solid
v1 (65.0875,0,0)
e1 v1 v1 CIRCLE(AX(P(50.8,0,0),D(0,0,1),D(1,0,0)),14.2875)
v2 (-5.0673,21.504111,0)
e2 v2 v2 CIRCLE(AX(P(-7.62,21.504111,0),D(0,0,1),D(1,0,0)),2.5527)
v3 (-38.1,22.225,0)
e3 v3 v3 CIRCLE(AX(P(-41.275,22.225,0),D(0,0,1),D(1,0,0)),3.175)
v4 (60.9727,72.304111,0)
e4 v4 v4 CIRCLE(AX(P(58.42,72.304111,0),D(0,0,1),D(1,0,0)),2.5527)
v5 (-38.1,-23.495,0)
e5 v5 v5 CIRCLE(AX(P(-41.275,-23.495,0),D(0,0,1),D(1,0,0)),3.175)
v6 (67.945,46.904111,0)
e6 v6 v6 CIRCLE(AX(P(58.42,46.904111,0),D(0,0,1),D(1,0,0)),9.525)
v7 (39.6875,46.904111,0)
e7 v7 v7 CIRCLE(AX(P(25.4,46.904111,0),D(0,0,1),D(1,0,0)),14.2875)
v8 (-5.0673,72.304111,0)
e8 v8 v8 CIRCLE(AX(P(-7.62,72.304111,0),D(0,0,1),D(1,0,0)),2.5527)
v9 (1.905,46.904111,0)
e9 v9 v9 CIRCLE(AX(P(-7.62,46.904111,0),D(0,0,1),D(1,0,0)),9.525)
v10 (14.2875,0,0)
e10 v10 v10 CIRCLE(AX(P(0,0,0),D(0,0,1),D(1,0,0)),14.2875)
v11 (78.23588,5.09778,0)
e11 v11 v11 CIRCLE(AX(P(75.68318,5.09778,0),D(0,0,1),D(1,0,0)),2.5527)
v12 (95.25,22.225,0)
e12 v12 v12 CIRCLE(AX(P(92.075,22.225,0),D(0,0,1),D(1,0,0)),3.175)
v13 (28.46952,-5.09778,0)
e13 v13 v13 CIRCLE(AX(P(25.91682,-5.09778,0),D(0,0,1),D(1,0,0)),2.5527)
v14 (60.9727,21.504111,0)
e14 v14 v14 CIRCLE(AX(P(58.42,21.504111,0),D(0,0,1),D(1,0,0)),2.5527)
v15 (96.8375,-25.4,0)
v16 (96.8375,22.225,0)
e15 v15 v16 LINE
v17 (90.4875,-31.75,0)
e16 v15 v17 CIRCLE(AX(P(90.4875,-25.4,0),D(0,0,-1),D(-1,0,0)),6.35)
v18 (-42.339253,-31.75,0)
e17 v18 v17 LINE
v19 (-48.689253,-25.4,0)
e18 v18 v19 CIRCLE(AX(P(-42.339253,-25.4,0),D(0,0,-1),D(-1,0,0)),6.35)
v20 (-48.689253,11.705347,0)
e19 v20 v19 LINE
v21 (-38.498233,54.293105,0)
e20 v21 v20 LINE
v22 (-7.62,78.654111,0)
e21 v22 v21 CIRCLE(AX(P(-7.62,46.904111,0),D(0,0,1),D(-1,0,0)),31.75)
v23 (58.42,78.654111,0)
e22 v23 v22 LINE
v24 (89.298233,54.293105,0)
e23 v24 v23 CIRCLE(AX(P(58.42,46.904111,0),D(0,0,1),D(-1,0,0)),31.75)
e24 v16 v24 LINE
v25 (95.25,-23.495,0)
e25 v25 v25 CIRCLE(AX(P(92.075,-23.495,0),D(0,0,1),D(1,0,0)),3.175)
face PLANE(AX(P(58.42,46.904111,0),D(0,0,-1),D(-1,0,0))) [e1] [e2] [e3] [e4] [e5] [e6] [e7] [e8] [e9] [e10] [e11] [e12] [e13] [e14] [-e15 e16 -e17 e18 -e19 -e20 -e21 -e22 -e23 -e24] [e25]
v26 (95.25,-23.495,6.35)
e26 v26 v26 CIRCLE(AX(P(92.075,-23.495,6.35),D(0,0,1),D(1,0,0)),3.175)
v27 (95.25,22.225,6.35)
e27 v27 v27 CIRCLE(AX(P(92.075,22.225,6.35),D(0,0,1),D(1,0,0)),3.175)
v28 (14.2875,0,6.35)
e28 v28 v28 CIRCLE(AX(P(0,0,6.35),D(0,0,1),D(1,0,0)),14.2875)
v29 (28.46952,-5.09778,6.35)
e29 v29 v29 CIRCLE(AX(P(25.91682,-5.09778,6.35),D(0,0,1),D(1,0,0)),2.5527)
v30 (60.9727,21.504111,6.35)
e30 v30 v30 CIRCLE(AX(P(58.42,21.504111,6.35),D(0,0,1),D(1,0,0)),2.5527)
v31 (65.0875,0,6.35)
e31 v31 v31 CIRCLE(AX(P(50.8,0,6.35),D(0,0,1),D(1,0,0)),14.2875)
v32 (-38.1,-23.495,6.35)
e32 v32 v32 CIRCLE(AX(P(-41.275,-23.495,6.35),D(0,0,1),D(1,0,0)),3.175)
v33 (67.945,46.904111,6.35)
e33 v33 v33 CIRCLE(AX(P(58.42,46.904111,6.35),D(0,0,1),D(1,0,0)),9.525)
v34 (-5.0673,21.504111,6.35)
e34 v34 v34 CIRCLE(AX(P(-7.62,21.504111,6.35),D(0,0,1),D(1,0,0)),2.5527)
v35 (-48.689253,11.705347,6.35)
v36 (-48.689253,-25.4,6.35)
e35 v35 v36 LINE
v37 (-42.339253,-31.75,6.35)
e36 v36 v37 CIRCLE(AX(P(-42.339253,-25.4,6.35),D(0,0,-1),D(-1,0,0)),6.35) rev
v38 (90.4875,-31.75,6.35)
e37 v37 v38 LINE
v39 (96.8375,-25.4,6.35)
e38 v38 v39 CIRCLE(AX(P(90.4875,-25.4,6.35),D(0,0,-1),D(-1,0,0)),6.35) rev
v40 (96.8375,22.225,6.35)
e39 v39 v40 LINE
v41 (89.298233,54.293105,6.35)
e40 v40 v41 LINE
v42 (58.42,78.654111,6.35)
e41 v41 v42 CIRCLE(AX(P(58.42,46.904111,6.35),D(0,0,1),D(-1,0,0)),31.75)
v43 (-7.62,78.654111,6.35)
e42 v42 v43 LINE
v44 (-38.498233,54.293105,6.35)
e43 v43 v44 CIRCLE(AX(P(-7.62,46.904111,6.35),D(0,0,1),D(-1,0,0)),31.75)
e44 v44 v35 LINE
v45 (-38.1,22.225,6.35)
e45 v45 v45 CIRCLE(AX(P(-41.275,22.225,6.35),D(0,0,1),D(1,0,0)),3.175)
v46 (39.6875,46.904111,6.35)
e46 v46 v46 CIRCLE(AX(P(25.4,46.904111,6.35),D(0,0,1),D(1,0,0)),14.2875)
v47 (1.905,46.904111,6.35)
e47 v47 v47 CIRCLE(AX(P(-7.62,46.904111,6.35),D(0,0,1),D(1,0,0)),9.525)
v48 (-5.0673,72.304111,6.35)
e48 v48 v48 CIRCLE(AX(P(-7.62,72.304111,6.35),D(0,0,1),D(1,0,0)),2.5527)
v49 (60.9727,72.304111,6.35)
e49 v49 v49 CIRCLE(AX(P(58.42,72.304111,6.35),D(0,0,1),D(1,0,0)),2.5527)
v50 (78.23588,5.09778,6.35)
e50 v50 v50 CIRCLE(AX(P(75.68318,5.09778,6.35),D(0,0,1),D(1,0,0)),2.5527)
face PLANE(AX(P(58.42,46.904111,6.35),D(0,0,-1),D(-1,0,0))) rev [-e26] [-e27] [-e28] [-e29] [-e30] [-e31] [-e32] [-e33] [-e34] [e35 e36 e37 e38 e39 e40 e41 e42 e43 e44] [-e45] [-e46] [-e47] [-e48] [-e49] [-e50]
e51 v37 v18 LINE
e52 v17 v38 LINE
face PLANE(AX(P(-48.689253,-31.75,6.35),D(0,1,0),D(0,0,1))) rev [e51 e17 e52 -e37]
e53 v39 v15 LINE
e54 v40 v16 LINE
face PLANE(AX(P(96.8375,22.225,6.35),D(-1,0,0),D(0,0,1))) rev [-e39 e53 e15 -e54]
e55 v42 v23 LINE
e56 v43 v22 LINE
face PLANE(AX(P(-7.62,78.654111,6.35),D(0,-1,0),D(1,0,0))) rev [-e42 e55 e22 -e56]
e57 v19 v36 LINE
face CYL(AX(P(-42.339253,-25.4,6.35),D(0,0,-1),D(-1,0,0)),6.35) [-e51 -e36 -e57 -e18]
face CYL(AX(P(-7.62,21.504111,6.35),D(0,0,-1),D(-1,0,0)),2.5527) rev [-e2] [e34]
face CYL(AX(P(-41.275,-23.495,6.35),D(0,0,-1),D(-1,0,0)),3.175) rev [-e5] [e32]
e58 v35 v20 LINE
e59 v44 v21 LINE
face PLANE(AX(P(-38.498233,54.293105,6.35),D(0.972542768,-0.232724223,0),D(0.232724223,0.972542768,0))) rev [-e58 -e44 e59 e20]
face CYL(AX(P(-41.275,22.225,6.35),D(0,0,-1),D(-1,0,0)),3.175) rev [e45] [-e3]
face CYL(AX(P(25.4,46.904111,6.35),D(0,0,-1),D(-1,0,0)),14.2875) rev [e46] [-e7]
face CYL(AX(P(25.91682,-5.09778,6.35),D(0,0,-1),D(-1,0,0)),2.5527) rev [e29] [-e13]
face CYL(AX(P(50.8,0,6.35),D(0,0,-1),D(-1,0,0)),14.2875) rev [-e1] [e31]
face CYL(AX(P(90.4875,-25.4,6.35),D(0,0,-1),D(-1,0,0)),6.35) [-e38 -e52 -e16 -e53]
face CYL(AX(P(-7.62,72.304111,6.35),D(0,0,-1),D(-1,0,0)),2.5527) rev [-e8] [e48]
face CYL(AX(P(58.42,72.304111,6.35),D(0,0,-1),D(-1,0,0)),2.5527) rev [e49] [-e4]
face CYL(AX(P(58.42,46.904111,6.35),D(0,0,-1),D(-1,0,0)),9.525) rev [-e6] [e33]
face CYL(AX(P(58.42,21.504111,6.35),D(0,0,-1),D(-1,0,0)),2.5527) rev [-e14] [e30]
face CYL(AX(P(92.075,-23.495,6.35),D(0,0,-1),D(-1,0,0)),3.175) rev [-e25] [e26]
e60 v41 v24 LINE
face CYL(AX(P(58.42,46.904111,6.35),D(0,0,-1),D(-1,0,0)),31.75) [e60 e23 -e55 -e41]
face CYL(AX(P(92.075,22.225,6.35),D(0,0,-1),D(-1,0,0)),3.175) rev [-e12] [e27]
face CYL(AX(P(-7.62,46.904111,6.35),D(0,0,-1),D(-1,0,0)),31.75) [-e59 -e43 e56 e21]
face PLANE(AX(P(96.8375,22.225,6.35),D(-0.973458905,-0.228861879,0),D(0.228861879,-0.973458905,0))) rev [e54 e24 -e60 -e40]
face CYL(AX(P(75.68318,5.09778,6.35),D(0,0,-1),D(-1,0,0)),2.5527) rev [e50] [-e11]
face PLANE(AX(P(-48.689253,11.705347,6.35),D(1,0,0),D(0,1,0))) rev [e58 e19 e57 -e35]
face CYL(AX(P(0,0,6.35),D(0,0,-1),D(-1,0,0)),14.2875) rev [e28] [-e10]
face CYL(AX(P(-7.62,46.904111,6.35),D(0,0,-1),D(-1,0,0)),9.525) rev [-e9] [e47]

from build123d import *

# Parameters (mm, degrees)
SKETCH1_R           = 14.2875
SKETCH1_R_2         = 2.5527
SKETCH1_R_3         = 9.525
SKETCH1_R_4         = 3.175
BOSS_EXTRUDE2_DEPTH = 6.35
FILLET1_R           = 6.35


with BuildPart() as part:
    # Sketch1 → Boss-Extrude2 (new body)
    with BuildSketch(Plane.XY):
        with BuildLine():
            Line((-48.689252979, -31.75), (96.8375, -31.75))
            Line((96.8375, -31.75), (96.8375, 22.225))
            Line((96.8375, 22.225), (89.29823289, 54.293104778))
            ThreePointArc((89.29823289, 54.293104778), (78.085476575, 71.830633337), (58.42, 78.654110694))
            Line((58.42, 78.654110694), (-7.62, 78.654110694))
            ThreePointArc((-7.62, 78.654110694), (-27.285476575, 71.830633337), (-38.49823289, 54.293104778))
            Line((-38.49823289, 54.293104778), (-48.689252979, 11.70534681))
            Line((-48.689252979, 11.70534681), (-48.689252979, -31.75))
        make_face()
        Circle(SKETCH1_R, mode=Mode.SUBTRACT)
        with Locations((50.8, 0)):
            Circle(SKETCH1_R, mode=Mode.SUBTRACT)
        with Locations((25.4, 46.904110694)):
            Circle(SKETCH1_R, mode=Mode.SUBTRACT)
        with Locations((-7.62, 72.304110694)):
            Circle(SKETCH1_R_2, mode=Mode.SUBTRACT)
        with Locations((-7.62, 21.504110694)):
            Circle(SKETCH1_R_2, mode=Mode.SUBTRACT)
        with Locations((58.42, 72.304110694)):
            Circle(SKETCH1_R_2, mode=Mode.SUBTRACT)
        with Locations((58.42, 21.504110694)):
            Circle(SKETCH1_R_2, mode=Mode.SUBTRACT)
        with Locations((58.42, 46.904110694)):
            Circle(SKETCH1_R_3, mode=Mode.SUBTRACT)
        with Locations((-7.62, 46.904110694)):
            Circle(SKETCH1_R_3, mode=Mode.SUBTRACT)
        with Locations((75.683179842, 5.09778)):
            Circle(SKETCH1_R_2, mode=Mode.SUBTRACT)
        with Locations((25.916820158, -5.09778)):
            Circle(SKETCH1_R_2, mode=Mode.SUBTRACT)
        with Locations((-41.275, 22.225)):
            Circle(SKETCH1_R_4, mode=Mode.SUBTRACT)
        with Locations((92.075, 22.225)):
            Circle(SKETCH1_R_4, mode=Mode.SUBTRACT)
        with Locations((-41.275, -23.495)):
            Circle(SKETCH1_R_4, mode=Mode.SUBTRACT)
        with Locations((92.075, -23.495)):
            Circle(SKETCH1_R_4, mode=Mode.SUBTRACT)
    extrude(amount=BOSS_EXTRUDE2_DEPTH)

    # Fillet1
    fillet1_edges = [part.edges().sort_by_distance(p)[0] for p in [
        (96.8375, -31.75, 3.175),
        (-48.689252979, -31.75, 3.175),
    ]]
    fillet(fillet1_edges, radius=FILLET1_R)


solid = part.part
